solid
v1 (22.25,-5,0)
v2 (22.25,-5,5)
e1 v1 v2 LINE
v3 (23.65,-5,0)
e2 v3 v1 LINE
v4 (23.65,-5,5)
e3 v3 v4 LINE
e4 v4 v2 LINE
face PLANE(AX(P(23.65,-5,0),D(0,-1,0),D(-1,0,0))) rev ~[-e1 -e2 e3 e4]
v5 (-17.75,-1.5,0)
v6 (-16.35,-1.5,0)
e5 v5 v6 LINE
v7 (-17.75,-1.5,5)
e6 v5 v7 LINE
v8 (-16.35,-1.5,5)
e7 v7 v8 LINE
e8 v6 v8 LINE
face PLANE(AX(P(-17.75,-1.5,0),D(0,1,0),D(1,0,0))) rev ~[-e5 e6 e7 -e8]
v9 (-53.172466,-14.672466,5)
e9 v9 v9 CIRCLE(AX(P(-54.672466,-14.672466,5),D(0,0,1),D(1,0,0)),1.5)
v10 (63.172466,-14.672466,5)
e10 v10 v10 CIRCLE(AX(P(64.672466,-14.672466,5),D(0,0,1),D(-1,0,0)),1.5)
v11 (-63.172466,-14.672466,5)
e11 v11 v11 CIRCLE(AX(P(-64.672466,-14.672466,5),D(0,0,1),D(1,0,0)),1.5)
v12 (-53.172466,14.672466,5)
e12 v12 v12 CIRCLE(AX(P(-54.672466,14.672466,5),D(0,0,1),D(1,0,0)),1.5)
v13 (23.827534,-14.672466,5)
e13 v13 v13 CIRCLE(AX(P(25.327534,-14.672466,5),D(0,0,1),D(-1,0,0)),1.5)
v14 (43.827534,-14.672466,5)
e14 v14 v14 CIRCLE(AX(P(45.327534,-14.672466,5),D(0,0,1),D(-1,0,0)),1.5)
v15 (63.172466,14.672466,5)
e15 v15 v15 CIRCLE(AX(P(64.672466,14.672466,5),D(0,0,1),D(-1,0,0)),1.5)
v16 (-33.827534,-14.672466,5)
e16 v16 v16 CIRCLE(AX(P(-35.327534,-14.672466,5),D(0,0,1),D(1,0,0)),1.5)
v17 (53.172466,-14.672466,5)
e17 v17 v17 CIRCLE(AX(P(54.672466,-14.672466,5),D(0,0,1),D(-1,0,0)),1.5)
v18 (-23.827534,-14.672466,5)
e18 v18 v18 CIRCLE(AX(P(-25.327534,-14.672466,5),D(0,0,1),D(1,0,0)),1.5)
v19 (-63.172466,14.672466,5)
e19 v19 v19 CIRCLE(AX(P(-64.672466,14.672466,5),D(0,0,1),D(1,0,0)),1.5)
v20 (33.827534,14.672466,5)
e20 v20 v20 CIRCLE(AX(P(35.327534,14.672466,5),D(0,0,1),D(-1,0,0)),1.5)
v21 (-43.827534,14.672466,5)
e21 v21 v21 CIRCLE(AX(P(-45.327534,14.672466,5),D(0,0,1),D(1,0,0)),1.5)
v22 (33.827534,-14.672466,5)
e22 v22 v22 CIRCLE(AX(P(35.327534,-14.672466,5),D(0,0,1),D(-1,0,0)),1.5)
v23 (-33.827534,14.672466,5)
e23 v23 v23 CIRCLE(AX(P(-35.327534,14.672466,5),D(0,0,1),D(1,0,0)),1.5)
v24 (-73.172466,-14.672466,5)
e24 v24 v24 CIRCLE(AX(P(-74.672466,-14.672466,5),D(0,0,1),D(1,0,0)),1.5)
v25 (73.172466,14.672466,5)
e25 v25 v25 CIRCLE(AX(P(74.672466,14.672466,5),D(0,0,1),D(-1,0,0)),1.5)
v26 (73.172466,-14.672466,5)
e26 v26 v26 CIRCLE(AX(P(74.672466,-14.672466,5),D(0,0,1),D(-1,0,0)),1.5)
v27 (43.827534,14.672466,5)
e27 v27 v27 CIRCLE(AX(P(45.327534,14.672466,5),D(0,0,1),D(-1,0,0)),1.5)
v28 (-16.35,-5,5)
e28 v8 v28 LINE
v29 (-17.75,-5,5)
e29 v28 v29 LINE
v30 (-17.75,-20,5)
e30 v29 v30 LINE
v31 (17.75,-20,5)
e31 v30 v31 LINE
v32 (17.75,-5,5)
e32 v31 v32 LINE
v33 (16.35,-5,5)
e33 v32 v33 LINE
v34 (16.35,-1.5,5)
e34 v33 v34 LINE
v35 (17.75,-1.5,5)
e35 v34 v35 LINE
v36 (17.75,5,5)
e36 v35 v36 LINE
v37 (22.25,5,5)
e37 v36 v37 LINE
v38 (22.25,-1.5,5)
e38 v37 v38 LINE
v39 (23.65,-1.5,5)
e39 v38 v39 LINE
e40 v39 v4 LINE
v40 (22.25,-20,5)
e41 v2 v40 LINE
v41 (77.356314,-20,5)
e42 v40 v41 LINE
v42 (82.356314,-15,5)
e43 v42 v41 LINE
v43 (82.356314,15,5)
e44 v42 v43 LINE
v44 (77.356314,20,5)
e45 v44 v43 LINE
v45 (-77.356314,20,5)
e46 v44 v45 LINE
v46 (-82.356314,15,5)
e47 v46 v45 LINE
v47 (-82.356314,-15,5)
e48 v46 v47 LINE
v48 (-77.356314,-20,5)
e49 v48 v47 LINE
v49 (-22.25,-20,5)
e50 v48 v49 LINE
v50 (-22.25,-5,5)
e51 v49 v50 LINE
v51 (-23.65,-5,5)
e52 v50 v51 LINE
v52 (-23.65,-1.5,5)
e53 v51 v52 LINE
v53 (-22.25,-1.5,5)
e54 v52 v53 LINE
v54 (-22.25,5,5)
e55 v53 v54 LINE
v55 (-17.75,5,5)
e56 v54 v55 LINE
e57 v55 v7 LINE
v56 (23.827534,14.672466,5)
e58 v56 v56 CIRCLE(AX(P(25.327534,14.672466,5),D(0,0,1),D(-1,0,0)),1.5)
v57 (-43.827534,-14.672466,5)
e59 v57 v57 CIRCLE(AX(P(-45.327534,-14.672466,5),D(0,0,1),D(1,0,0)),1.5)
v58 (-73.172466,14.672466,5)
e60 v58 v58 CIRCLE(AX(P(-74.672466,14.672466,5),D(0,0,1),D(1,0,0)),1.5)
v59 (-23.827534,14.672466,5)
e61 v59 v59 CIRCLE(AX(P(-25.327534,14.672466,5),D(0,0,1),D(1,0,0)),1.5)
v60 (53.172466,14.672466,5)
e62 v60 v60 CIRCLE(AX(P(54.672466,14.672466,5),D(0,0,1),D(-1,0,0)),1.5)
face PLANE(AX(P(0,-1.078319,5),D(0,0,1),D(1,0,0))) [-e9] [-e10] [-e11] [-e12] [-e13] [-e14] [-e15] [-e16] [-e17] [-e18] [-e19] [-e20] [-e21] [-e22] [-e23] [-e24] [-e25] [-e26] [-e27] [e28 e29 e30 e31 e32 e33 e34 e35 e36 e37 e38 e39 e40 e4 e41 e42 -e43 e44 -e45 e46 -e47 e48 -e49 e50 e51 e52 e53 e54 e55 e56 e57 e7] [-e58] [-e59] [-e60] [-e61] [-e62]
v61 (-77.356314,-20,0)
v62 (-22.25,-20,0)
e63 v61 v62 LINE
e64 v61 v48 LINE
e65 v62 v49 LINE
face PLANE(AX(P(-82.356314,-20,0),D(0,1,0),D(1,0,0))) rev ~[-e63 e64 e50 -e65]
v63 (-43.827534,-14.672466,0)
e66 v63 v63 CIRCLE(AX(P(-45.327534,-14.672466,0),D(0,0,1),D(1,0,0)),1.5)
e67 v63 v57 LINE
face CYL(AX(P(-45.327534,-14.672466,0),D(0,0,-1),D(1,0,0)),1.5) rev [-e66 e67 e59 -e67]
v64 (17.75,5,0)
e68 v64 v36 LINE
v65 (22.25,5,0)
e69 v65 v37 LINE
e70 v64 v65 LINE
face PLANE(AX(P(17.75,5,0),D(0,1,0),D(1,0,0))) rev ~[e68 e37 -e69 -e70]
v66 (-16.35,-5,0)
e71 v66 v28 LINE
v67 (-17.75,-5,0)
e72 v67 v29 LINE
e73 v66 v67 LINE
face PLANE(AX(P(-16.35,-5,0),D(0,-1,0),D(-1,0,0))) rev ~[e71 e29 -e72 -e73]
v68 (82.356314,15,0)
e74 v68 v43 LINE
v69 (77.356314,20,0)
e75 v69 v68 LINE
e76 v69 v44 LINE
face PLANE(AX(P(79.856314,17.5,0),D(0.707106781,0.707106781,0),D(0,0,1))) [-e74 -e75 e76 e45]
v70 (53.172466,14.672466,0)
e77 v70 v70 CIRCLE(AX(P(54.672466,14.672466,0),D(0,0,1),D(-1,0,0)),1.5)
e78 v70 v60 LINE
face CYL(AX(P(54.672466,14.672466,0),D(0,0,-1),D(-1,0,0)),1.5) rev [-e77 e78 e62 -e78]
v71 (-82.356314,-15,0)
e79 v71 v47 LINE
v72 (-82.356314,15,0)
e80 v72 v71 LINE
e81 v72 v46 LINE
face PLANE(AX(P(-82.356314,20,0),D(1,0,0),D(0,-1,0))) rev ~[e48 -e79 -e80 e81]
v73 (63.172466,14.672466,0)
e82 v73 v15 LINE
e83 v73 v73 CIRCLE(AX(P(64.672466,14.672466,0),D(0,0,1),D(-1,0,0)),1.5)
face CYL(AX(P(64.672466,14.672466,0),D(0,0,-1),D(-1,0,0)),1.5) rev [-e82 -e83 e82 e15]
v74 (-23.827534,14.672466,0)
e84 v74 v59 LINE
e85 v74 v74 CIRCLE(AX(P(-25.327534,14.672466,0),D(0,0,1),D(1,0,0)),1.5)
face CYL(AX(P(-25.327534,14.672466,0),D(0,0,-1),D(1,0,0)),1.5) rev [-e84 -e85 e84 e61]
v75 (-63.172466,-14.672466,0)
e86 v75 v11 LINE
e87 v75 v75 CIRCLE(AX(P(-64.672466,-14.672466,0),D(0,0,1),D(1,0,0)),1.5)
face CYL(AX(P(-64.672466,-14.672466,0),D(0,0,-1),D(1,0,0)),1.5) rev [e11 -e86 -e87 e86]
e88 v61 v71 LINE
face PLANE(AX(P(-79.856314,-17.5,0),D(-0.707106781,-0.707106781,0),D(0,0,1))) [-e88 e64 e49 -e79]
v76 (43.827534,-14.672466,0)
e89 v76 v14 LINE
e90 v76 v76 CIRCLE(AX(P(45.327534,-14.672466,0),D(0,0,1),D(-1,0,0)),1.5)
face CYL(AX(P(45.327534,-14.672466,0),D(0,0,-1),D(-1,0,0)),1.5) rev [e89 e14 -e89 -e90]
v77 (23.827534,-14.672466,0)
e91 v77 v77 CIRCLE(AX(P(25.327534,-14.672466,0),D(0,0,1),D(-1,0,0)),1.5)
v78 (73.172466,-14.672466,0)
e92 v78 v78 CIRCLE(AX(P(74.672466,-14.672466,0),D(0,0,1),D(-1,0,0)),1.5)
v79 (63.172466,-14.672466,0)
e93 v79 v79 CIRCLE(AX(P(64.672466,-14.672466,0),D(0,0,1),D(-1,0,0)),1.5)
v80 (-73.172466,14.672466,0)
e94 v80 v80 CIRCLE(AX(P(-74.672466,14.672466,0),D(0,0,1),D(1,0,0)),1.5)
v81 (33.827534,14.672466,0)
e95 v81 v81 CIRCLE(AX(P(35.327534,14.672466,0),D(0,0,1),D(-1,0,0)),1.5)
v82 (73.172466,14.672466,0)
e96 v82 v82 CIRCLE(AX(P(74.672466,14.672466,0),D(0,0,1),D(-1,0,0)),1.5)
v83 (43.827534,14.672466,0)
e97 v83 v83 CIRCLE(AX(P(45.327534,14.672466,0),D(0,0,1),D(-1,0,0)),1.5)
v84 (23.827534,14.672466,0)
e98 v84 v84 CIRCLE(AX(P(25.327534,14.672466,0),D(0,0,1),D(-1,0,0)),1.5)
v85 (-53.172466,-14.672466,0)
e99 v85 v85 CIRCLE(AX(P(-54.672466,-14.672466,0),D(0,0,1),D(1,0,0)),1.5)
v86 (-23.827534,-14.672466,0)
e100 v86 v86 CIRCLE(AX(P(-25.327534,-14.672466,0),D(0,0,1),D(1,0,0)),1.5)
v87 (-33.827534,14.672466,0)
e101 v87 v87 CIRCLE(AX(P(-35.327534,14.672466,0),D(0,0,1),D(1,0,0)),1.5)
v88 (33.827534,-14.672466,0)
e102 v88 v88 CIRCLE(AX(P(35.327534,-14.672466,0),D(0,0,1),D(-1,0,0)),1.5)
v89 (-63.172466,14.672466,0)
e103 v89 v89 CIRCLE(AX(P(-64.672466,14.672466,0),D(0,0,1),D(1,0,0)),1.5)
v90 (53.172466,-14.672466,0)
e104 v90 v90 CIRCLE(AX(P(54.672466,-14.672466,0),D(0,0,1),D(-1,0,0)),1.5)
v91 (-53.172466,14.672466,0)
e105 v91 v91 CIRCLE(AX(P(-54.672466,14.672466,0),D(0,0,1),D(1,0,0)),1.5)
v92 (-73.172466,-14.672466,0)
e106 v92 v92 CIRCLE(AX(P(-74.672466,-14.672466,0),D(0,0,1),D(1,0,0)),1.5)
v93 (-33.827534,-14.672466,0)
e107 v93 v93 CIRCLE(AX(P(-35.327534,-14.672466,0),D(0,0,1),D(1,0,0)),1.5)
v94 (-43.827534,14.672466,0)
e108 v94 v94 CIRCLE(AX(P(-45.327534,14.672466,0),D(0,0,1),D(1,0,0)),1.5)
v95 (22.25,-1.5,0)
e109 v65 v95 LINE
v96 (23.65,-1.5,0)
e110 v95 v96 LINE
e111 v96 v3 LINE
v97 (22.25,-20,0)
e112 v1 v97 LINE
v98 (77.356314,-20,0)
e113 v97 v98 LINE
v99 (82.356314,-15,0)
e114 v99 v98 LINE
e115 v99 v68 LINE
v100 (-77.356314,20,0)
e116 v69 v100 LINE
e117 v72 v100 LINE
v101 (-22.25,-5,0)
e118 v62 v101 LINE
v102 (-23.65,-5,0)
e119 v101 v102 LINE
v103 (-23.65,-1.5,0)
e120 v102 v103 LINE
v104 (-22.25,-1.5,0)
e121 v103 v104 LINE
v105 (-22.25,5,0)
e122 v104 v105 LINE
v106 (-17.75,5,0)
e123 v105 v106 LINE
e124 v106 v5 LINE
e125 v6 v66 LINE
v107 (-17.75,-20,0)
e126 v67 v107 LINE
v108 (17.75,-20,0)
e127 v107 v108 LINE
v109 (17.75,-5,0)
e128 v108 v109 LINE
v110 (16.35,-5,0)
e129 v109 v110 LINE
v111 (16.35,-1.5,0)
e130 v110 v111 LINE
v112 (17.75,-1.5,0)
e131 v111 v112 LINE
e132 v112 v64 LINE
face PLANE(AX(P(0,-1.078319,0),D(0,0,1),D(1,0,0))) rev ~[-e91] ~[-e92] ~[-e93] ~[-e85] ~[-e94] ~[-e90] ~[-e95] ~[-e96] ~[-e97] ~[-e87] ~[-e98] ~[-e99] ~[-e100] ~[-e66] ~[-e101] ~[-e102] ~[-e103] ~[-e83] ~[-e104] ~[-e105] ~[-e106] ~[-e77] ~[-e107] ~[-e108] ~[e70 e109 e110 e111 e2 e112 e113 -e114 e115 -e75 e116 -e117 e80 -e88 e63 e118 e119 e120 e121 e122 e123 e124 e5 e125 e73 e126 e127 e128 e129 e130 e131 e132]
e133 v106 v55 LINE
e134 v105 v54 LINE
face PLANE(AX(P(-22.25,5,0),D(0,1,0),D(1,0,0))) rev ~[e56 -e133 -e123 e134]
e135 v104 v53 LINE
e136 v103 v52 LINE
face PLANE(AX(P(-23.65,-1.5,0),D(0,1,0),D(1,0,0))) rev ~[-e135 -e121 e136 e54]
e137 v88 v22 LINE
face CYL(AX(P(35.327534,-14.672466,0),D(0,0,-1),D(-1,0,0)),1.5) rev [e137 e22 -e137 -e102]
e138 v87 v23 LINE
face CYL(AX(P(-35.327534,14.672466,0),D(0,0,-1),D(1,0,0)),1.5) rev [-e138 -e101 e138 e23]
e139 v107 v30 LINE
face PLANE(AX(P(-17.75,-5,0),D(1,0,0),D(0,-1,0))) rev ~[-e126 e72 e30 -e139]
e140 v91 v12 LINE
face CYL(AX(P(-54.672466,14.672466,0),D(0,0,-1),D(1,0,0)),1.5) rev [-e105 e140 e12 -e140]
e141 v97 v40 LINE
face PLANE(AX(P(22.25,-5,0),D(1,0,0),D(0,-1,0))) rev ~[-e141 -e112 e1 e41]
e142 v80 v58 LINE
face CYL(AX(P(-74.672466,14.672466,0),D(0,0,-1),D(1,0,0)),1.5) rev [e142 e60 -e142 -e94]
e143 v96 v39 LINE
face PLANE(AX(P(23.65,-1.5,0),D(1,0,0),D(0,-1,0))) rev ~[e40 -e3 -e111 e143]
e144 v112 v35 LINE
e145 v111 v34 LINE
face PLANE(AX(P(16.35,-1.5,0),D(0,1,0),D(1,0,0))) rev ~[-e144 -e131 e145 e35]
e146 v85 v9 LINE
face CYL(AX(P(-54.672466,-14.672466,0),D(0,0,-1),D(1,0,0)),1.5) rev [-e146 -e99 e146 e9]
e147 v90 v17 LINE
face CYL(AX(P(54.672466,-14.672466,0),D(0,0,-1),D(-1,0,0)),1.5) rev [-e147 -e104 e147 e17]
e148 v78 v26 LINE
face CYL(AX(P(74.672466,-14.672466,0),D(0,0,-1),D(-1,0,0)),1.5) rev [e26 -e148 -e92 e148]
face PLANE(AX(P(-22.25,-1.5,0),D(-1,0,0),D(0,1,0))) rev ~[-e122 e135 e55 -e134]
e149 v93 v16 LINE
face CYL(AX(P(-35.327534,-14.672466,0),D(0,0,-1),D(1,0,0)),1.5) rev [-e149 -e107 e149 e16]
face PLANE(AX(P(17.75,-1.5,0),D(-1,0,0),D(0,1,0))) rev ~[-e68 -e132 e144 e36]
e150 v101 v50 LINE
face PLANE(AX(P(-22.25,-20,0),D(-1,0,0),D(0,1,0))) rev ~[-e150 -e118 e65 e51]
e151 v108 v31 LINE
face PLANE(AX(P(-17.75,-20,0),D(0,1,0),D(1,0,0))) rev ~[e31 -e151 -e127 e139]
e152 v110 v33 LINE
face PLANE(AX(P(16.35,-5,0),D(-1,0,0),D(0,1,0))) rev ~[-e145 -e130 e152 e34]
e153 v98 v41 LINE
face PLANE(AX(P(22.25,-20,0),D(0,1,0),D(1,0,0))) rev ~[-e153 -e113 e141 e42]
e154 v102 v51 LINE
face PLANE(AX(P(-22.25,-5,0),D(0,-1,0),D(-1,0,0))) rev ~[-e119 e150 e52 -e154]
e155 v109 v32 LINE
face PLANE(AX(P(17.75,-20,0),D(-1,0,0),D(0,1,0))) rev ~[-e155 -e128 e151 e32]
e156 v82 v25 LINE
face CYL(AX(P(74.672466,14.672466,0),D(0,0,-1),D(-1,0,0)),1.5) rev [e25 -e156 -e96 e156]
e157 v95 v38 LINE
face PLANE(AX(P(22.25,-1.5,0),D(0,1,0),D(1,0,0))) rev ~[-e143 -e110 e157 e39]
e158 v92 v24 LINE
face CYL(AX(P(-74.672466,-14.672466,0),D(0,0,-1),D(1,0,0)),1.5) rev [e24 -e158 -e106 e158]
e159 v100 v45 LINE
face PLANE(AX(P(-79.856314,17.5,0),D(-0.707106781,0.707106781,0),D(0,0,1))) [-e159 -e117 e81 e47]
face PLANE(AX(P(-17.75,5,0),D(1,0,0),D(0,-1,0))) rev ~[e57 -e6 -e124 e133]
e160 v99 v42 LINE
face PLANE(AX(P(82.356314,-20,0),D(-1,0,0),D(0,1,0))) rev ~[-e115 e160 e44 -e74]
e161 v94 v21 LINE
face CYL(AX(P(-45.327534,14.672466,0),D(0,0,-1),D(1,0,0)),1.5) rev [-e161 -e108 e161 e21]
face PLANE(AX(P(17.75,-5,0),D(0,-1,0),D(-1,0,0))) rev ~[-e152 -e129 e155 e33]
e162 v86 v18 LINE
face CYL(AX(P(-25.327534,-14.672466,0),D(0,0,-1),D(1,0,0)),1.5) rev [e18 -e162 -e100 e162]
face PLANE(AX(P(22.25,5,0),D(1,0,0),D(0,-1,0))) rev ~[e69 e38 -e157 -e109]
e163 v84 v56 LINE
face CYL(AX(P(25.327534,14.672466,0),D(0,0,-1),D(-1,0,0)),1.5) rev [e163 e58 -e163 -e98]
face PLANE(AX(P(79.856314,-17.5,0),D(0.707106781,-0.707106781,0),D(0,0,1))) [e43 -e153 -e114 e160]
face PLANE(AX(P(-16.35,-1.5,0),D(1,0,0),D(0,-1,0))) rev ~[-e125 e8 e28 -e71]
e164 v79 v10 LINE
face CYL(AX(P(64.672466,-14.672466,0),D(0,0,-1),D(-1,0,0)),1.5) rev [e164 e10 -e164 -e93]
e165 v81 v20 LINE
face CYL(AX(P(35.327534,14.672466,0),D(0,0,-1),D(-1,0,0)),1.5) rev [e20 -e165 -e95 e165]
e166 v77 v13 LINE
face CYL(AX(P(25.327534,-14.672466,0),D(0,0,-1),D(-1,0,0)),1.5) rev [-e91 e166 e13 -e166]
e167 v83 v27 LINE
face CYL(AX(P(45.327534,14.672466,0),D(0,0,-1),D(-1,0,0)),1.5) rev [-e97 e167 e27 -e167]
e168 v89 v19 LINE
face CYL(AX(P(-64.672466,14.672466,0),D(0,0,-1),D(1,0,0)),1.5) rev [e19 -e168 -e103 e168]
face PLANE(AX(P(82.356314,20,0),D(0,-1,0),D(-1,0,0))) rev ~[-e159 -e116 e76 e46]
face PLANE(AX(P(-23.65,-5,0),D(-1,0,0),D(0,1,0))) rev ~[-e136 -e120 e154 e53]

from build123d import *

# Parameters (mm, degrees)
SKETCH_1_R      = 1.5
EXTRUDE_1_DEPTH = 5
CHAMFER_1_SIZE  = 5


with BuildPart() as part:
    # 草图1 → 凸台-拉伸1 (new body)
    with BuildSketch(Plane.XY):
        Polygon((-82.356314269, -20), (-22.25, -20), (-22.25, -5), (-23.65, -5), (-23.65, -1.5), (-22.25, -1.5), (-22.25, 5), (-17.75, 5), (-17.75, -1.5), (-16.35, -1.5), (-16.35, -5), (-17.75, -5), (-17.75, -20), (17.75, -20), (17.75, -5), (16.35, -5), (16.35, -1.5), (17.75, -1.5), (17.75, 5), (22.25, 5), (22.25, -1.5), (23.65, -1.5), (23.65, -5), (22.25, -5), (22.25, -20), (82.356314269, -20), (82.356314269, 20), (-82.356314269, 20), align=None)
        with Locations((-64.67246571, 14.67246571)):
            Circle(SKETCH_1_R, mode=Mode.SUBTRACT)
        with Locations((-35.32753429, 14.67246571)):
            Circle(SKETCH_1_R, mode=Mode.SUBTRACT)
        with Locations((-64.67246571, -14.67246571)):
            Circle(SKETCH_1_R, mode=Mode.SUBTRACT)
        with Locations((-35.32753429, -14.67246571)):
            Circle(SKETCH_1_R, mode=Mode.SUBTRACT)
        with Locations(Location((64.67246571, 14.67246571, 0), (0, 0, 180))):
            Circle(SKETCH_1_R, mode=Mode.SUBTRACT)
        with Locations(Location((64.67246571, -14.67246571, 0), (0, 0, 180))):
            Circle(SKETCH_1_R, mode=Mode.SUBTRACT)
        with Locations(Location((35.32753429, -14.67246571, 0), (0, 0, 180))):
            Circle(SKETCH_1_R, mode=Mode.SUBTRACT)
        with Locations(Location((35.32753429, 14.67246571, 0), (0, 0, 180))):
            Circle(SKETCH_1_R, mode=Mode.SUBTRACT)
        with Locations((-54.67246571, 14.67246571)):
            Circle(SKETCH_1_R, mode=Mode.SUBTRACT)
        with Locations((-25.32753429, 14.67246571)):
            Circle(SKETCH_1_R, mode=Mode.SUBTRACT)
        with Locations((-54.67246571, -14.67246571)):
            Circle(SKETCH_1_R, mode=Mode.SUBTRACT)
        with Locations((-25.32753429, -14.67246571)):
            Circle(SKETCH_1_R, mode=Mode.SUBTRACT)
        with Locations((-74.67246571, 14.67246571)):
            Circle(SKETCH_1_R, mode=Mode.SUBTRACT)
        with Locations((-45.32753429, 14.67246571)):
            Circle(SKETCH_1_R, mode=Mode.SUBTRACT)
        with Locations((-45.32753429, -14.67246571)):
            Circle(SKETCH_1_R, mode=Mode.SUBTRACT)
        with Locations((-74.67246571, -14.67246571)):
            Circle(SKETCH_1_R, mode=Mode.SUBTRACT)
        with Locations(Location((45.32753429, 14.67246571, 0), (0, 0, 180))):
            Circle(SKETCH_1_R, mode=Mode.SUBTRACT)
        with Locations(Location((45.32753429, -14.67246571, 0), (0, 0, 180))):
            Circle(SKETCH_1_R, mode=Mode.SUBTRACT)
        with Locations(Location((74.67246571, -14.67246571, 0), (0, 0, 180))):
            Circle(SKETCH_1_R, mode=Mode.SUBTRACT)
        with Locations(Location((74.67246571, 14.67246571, 0), (0, 0, 180))):
            Circle(SKETCH_1_R, mode=Mode.SUBTRACT)
        with Locations(Location((25.32753429, 14.67246571, 0), (0, 0, 180))):
            Circle(SKETCH_1_R, mode=Mode.SUBTRACT)
        with Locations(Location((25.32753429, -14.67246571, 0), (0, 0, 180))):
            Circle(SKETCH_1_R, mode=Mode.SUBTRACT)
        with Locations(Location((54.67246571, -14.67246571, 0), (0, 0, 180))):
            Circle(SKETCH_1_R, mode=Mode.SUBTRACT)
        with Locations(Location((54.67246571, 14.67246571, 0), (0, 0, 180))):
            Circle(SKETCH_1_R, mode=Mode.SUBTRACT)
    extrude(amount=EXTRUDE_1_DEPTH)

    # 倒角1
    chamfer_1_edges = [part.edges().sort_by_distance(p)[0] for p in [
        (-82.356314269, 20, 2.5),
        (82.356314269, 20, 2.5),
        (82.356314269, -20, 2.5),
        (-82.356314269, -20, 2.5),
    ]]
    chamfer(chamfer_1_edges, length=CHAMFER_1_SIZE)


solid = part.part
